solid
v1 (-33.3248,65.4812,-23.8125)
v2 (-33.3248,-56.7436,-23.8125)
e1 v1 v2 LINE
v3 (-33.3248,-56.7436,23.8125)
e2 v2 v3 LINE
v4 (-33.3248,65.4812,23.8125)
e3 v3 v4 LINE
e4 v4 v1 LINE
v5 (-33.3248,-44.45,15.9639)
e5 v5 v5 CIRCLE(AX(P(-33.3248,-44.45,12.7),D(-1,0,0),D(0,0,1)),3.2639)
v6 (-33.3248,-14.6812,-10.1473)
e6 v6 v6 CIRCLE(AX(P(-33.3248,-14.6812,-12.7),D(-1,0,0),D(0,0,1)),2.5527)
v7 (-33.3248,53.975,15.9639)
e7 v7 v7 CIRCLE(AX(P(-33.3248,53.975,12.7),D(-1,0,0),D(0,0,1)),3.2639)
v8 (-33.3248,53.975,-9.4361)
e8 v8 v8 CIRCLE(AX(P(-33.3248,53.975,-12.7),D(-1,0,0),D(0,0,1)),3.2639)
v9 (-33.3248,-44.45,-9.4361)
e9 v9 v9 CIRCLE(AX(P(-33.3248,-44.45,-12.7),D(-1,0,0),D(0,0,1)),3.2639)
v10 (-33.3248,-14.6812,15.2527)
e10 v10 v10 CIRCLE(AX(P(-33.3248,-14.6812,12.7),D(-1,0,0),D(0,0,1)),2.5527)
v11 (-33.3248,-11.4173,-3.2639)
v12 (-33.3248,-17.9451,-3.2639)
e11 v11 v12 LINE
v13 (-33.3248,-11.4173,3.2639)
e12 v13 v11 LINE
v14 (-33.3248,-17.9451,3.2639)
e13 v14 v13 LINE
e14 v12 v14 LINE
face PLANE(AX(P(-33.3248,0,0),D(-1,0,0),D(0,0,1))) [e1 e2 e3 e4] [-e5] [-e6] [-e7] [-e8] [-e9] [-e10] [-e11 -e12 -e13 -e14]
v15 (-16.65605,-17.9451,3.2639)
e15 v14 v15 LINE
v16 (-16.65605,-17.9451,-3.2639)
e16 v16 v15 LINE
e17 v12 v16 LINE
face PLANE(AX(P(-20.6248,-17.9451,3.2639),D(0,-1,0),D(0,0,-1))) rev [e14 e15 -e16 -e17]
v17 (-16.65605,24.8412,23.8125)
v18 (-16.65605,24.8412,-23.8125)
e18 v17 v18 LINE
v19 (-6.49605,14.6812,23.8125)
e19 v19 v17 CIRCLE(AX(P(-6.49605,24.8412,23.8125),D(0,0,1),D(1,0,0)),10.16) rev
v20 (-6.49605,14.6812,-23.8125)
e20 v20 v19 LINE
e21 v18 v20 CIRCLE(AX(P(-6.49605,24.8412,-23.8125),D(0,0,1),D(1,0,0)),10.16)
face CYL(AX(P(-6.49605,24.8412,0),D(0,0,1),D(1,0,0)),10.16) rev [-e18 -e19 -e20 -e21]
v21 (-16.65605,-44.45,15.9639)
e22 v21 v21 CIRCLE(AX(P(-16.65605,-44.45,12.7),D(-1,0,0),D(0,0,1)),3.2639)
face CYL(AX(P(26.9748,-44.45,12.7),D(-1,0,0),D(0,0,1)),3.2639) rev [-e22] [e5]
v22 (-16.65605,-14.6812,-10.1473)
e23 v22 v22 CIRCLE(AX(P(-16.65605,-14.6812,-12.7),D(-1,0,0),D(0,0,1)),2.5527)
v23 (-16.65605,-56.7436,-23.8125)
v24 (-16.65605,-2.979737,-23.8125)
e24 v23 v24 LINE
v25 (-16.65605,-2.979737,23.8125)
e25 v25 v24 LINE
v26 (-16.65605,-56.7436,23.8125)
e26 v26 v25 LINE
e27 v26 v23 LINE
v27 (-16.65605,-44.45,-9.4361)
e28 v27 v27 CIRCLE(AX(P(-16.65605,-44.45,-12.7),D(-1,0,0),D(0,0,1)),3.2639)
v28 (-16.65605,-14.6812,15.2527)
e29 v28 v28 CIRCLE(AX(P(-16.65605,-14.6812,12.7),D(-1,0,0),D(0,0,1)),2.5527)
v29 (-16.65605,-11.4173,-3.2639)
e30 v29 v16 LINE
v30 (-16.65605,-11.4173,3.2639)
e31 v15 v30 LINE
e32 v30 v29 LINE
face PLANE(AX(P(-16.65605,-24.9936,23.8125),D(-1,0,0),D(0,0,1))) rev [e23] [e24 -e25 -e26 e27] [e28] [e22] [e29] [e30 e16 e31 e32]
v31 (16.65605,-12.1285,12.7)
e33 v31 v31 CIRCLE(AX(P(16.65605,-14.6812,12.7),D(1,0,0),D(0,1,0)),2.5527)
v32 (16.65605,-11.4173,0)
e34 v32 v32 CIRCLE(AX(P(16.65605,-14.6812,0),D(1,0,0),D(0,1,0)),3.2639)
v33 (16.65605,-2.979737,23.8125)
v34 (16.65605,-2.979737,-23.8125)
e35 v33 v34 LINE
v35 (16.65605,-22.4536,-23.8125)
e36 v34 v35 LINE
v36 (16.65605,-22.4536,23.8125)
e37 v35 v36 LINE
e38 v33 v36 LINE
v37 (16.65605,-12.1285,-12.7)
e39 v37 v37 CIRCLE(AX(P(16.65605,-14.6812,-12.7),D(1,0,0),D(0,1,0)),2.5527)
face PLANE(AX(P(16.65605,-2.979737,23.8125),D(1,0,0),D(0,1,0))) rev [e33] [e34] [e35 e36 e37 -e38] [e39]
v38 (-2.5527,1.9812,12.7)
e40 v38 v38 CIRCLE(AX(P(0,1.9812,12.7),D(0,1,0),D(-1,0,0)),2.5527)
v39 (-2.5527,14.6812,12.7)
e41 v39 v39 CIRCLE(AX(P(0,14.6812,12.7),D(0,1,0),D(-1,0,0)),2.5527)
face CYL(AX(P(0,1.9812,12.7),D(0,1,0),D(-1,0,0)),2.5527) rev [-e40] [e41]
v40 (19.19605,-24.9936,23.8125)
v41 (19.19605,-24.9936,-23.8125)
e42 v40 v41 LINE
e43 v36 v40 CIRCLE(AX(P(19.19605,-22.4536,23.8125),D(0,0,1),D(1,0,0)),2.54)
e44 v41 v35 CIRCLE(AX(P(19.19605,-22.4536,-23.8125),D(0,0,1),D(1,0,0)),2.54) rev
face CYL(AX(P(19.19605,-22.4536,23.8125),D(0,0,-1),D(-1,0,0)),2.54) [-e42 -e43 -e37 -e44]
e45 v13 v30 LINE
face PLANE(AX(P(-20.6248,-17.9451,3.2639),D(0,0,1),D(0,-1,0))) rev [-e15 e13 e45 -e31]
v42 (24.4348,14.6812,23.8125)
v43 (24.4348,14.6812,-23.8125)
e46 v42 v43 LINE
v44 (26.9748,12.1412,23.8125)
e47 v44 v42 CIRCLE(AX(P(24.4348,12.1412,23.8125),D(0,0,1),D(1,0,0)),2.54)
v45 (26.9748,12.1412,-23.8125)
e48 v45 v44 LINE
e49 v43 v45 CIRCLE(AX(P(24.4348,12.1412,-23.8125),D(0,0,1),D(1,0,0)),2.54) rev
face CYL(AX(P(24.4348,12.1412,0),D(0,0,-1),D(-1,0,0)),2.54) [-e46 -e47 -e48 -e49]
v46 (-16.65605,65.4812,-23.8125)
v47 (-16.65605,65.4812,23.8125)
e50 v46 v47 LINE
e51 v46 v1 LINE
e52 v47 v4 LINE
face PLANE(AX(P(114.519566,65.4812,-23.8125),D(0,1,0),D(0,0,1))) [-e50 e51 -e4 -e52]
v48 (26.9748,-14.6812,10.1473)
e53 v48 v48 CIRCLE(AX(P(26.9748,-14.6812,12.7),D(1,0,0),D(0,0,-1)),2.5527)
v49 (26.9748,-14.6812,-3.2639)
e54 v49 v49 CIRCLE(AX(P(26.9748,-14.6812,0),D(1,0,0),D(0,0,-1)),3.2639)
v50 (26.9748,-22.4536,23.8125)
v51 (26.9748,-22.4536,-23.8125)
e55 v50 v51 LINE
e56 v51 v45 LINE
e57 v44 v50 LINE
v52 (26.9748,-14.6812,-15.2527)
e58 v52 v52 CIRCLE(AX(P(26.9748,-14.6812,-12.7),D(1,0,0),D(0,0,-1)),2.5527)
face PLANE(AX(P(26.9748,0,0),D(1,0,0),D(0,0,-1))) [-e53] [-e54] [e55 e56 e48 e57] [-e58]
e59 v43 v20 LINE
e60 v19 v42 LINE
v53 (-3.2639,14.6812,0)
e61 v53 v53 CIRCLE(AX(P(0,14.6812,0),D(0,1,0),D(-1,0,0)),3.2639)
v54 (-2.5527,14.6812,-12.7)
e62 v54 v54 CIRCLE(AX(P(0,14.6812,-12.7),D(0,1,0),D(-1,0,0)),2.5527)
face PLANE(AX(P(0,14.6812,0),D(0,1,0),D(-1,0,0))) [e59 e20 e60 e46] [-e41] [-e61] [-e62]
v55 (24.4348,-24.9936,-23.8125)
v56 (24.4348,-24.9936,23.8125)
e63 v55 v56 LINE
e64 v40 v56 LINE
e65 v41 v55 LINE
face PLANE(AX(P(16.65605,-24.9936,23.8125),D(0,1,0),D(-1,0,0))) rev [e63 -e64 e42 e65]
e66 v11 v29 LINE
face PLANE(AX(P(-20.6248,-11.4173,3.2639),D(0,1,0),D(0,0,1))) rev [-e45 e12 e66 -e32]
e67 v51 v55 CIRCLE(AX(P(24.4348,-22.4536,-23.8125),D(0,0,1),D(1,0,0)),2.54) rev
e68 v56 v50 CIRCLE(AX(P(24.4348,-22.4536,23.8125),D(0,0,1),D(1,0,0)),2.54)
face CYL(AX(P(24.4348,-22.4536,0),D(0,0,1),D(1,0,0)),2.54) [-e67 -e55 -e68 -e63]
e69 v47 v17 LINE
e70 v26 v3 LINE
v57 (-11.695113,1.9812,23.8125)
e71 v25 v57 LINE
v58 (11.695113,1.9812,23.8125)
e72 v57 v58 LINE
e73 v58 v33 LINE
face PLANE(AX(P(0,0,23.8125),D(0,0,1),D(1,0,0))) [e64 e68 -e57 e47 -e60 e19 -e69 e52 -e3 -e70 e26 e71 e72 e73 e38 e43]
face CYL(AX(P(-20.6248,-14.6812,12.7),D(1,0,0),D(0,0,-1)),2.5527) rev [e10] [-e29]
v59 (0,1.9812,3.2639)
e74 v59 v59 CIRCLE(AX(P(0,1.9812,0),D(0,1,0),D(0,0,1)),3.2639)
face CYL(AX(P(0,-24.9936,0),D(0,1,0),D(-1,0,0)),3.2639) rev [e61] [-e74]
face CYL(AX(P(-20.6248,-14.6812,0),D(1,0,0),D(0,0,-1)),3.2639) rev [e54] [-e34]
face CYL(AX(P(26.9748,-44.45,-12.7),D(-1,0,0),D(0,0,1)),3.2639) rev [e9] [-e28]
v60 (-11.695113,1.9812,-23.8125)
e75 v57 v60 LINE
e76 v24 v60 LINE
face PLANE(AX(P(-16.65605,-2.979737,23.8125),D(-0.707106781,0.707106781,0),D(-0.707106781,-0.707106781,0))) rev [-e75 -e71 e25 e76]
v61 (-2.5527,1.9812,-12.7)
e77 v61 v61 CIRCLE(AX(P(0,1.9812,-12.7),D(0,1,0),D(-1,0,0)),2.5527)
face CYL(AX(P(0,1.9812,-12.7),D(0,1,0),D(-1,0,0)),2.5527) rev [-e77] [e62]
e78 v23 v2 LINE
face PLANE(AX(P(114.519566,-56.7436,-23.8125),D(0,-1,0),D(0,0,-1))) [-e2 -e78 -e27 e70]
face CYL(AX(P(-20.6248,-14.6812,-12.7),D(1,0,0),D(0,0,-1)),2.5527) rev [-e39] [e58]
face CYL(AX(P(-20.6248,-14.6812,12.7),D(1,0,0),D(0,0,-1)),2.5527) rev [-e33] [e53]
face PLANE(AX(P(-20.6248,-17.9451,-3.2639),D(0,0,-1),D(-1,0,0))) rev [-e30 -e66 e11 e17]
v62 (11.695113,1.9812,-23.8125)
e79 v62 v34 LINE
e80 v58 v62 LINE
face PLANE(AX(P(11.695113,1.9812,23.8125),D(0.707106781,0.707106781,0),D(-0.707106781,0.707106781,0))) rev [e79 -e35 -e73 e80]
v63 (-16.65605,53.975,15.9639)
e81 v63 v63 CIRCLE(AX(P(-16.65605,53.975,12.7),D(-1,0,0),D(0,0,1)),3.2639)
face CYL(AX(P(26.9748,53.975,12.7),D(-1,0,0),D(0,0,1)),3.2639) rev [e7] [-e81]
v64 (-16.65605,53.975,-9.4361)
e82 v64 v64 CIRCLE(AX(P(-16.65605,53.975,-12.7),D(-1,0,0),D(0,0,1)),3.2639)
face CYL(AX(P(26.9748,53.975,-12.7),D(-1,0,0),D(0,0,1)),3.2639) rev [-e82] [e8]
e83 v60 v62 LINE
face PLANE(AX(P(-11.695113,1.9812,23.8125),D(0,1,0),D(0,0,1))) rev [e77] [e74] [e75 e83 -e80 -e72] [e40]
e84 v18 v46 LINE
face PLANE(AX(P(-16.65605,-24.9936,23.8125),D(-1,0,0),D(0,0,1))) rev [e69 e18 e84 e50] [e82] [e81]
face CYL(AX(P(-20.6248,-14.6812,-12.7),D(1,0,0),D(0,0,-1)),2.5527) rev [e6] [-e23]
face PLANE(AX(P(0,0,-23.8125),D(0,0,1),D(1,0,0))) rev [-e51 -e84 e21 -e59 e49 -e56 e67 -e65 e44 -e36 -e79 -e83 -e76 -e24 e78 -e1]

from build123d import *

# Parameters (mm, degrees)
BOSS_EXTRUDE1_DEPTH      = 23.8125
BOSS_EXTRUDE1_DEPTH_BACK = 23.8125
CUT_EXTRUDE1_DEPTH       = 41.213151732
CUT_EXTRUDE1_DEPTH_BACK  = 41.213151732
SKETCH6_R                = 2.5527
SKETCH6_R_2              = 3.2639
SKETCH7_R                = 1.5875
SKETCH7_W                = 6.5278
SKETCH7_H                = 6.5278
CUT_EXTRUDE2_DEPTH       = 41.213151732
SKETCH8_R                = 2.5527
CUT_EXTRUDE3_DEPTH       = 6.35
SKETCH14_R               = 3.2639
CUT_EXTRUDE6_DEPTH       = 46.858039931
SKETCH15_W               = 47.625
SKETCH15_H               = 33.3248
SKETCH15_R               = 2.5527
SKETCH15_W_2             = 6.5278
SKETCH15_H_2             = 6.5278
BOSS_EXTRUDE2_DEPTH      = 6.35
BOSS_EXTRUDE3_START      = 6.35
SKETCH16_W               = 47.625
SKETCH16_H               = 33.3248
SKETCH16_R               = 2.5527
SKETCH16_R_2             = 3.2639
BOSS_EXTRUDE3_DEPTH      = 6.35
BOSS_EXTRUDE4_START      = 6.35
SKETCH17_W               = 53.9496
SKETCH17_H               = 47.625
SKETCH17_R               = 2.5527
SKETCH17_R_2             = 3.2639
BOSS_EXTRUDE4_DEPTH      = 6.35
BOSS_EXTRUDE5_DEPTH      = 6.35
BOSS_EXTRUDE5_DEPTH_BACK = 10.31875
SKETCH19_R               = 2.5527
SKETCH19_W               = 6.5278
SKETCH19_H               = 6.5278
FILLET2_R                = 10.16
FILLET3_R                = 2.54
SKETCH20_R               = 3.2639
CUT_EXTRUDE7_DEPTH       = 93.145886885


with BuildPart() as part:
    # Sketch4 → Boss-Extrude1 (new, two sides: drawn at the far end of the back side and taken through both)
    with BuildSketch(Plane.XY.offset(-BOSS_EXTRUDE1_DEPTH_BACK)):
        Polygon((-20.6248, -24.9936), (-16.65605, -24.9936), (-16.65605, -2.9797375), (-11.6951125, 1.9812), (11.6951125, 1.9812), (16.65605, -2.9797375), (16.65605, -24.9936), (20.6248, -24.9936), (20.6248, 8.3312), (-20.6248, 8.3312), align=None)
    extrude(amount=BOSS_EXTRUDE1_DEPTH + BOSS_EXTRUDE1_DEPTH_BACK)

    # Sketch6 → Cut-Extrude1 (cut, two sides: drawn at the far end of the back side and taken through both)
    with BuildSketch(Plane(origin=(0, 0, 0), x_dir=(0, 0, -1), z_dir=(1, 0, 0)).offset(-CUT_EXTRUDE1_DEPTH_BACK)):
        with Locations((-12.7, -14.6812)):
            Circle(SKETCH6_R)
        with Locations((0, -14.6812)):
            Circle(SKETCH6_R_2)
        with Locations((12.7, -14.6812)):
            Circle(SKETCH6_R)
        with Locations((12.7, 16.6624)):
            Circle(SKETCH6_R_2)
        with Locations((-12.7, 16.6624)):
            Circle(SKETCH6_R_2)
    extrude(amount=CUT_EXTRUDE1_DEPTH + CUT_EXTRUDE1_DEPTH_BACK, mode=Mode.SUBTRACT)

    # Sketch7 → Cut-Extrude2 (cut, through all)
    with BuildSketch(Plane(origin=(0, 0, 0), x_dir=(0, 0, -1), z_dir=(1, 0, 0))):
        with Locations((-12.7, -14.6812)):
            Circle(SKETCH7_R)
        with Locations((12.7, -14.6812)):
            Circle(SKETCH7_R)
        with Locations((0, -14.6812)):
            Rectangle(SKETCH7_W, SKETCH7_H)
    extrude(amount=-CUT_EXTRUDE2_DEPTH, mode=Mode.SUBTRACT)

    # Sketch8 → Cut-Extrude3 (cut)
    with BuildSketch(Plane(origin=(0, 8.3312, 0), x_dir=(1, 0, 0), z_dir=(0, 1, 0))):
        with Locations(Location((0, 12.7, 0), (0, 0, 180))):
            Circle(SKETCH8_R)
        with Locations(Location((0, -12.7, 0), (0, 0, 180))):
            Circle(SKETCH8_R)
    extrude(amount=-CUT_EXTRUDE3_DEPTH, mode=Mode.SUBTRACT)

    # Sketch14 → Cut-Extrude6 (cut, through all)
    with BuildSketch(Plane(origin=(0, 8.3312, 0), x_dir=(1, 0, 0), z_dir=(0, 1, 0))):
        with Locations(Location((0, 0, 0), (0, 0, 180))):
            Circle(SKETCH14_R)
    extrude(amount=-CUT_EXTRUDE6_DEPTH, mode=Mode.SUBTRACT)

    # Sketch15 → Boss-Extrude2 (add)
    with BuildSketch(Plane.ZY.offset(20.6248)):
        with Locations((0, -8.3312)):
            Rectangle(SKETCH15_W, SKETCH15_H)
        with Locations(Location((12.7, -14.6812, 0), (0, 0, 180))):
            Circle(SKETCH15_R, mode=Mode.SUBTRACT)
        with Locations(Location((-12.7, -14.6812, 0), (0, 0, 180))):
            Circle(SKETCH15_R, mode=Mode.SUBTRACT)
        with Locations((0, -14.6812)):
            Rectangle(SKETCH15_W_2, SKETCH15_H_2, mode=Mode.SUBTRACT)
    extrude(amount=BOSS_EXTRUDE2_DEPTH)

    # Sketch16 → Boss-Extrude3 (add)
    with BuildSketch(Plane(origin=(20.6248, 0, 0), x_dir=(0, 0, -1), z_dir=(1, 0, 0)).offset(BOSS_EXTRUDE3_START)):
        with Locations((0, -8.3312)):
            Rectangle(SKETCH16_W, SKETCH16_H)
        with Locations((-12.7, -14.6812)):
            Circle(SKETCH16_R, mode=Mode.SUBTRACT)
        with Locations((0, -14.6812)):
            Circle(SKETCH16_R_2, mode=Mode.SUBTRACT)
        with Locations((12.7, -14.6812)):
            Circle(SKETCH16_R, mode=Mode.SUBTRACT)
    extrude(amount=-BOSS_EXTRUDE3_DEPTH)

    # Sketch17 → Boss-Extrude4 (add)
    with BuildSketch(Plane(origin=(0, 8.3312, 0), x_dir=(1, 0, 0), z_dir=(0, 1, 0)).offset(BOSS_EXTRUDE4_START)):
        Rectangle(SKETCH17_W, SKETCH17_H)
        with Locations(Location((0, -12.7, 0), (0, 0, 180))):
            Circle(SKETCH17_R, mode=Mode.SUBTRACT)
        with Locations(Location((0, 12.7, 0), (0, 0, 180))):
            Circle(SKETCH17_R, mode=Mode.SUBTRACT)
        with Locations(Location((0, 0, 0), (0, 0, 180))):
            Circle(SKETCH17_R_2, mode=Mode.SUBTRACT)
    extrude(amount=-BOSS_EXTRUDE4_DEPTH)

    # Sketch19 → Boss-Extrude5 (add, two sides: drawn at the far end of the back side and taken through both)
    with BuildSketch(Plane.ZY.offset(26.9748).offset(-BOSS_EXTRUDE5_DEPTH_BACK)):
        Polygon((-23.8125, 14.6812), (-23.8125, 65.4812), (23.8125, 65.4812), (23.8125, 14.6812), (23.8125, -24.9936), (23.8125, -56.7436), (-23.8125, -56.7436), (-23.8125, -24.9936), align=None)
        with Locations(Location((12.7, -14.6812, 0), (0, 0, 180))):
            Circle(SKETCH19_R, mode=Mode.SUBTRACT)
        with Locations(Location((-12.7, -14.6812, 0), (0, 0, 180))):
            Circle(SKETCH19_R, mode=Mode.SUBTRACT)
        with Locations((0, -14.6812)):
            Rectangle(SKETCH19_W, SKETCH19_H, mode=Mode.SUBTRACT)
    extrude(amount=BOSS_EXTRUDE5_DEPTH + BOSS_EXTRUDE5_DEPTH_BACK)

    # Fillet2
    fillet2_edges = [part.edges().sort_by_distance(p)[0] for p in [
        (-16.65605, 14.6812, 0),
    ]]
    fillet(fillet2_edges, radius=FILLET2_R)

    # Fillet3
    fillet3_edges = [part.edges().sort_by_distance(p)[0] for p in [
        (16.65605, -24.9936, 0),
        (26.9748, -24.9936, 0),
        (26.9748, 14.6812, 0),
    ]]
    fillet(fillet3_edges, radius=FILLET3_R)

    # Sketch20 → Cut-Extrude7 (cut, through all)
    with BuildSketch(Plane.ZY.offset(33.3248)):
        with Locations((-12.7, 53.975)):
            Circle(SKETCH20_R)
        with Locations((-12.7, -44.45)):
            Circle(SKETCH20_R)
        with Locations((12.7, 53.975)):
            Circle(SKETCH20_R)
        with Locations((12.7, -44.45)):
            Circle(SKETCH20_R)
    extrude(amount=-CUT_EXTRUDE7_DEPTH, mode=Mode.SUBTRACT)


solid = part.part
